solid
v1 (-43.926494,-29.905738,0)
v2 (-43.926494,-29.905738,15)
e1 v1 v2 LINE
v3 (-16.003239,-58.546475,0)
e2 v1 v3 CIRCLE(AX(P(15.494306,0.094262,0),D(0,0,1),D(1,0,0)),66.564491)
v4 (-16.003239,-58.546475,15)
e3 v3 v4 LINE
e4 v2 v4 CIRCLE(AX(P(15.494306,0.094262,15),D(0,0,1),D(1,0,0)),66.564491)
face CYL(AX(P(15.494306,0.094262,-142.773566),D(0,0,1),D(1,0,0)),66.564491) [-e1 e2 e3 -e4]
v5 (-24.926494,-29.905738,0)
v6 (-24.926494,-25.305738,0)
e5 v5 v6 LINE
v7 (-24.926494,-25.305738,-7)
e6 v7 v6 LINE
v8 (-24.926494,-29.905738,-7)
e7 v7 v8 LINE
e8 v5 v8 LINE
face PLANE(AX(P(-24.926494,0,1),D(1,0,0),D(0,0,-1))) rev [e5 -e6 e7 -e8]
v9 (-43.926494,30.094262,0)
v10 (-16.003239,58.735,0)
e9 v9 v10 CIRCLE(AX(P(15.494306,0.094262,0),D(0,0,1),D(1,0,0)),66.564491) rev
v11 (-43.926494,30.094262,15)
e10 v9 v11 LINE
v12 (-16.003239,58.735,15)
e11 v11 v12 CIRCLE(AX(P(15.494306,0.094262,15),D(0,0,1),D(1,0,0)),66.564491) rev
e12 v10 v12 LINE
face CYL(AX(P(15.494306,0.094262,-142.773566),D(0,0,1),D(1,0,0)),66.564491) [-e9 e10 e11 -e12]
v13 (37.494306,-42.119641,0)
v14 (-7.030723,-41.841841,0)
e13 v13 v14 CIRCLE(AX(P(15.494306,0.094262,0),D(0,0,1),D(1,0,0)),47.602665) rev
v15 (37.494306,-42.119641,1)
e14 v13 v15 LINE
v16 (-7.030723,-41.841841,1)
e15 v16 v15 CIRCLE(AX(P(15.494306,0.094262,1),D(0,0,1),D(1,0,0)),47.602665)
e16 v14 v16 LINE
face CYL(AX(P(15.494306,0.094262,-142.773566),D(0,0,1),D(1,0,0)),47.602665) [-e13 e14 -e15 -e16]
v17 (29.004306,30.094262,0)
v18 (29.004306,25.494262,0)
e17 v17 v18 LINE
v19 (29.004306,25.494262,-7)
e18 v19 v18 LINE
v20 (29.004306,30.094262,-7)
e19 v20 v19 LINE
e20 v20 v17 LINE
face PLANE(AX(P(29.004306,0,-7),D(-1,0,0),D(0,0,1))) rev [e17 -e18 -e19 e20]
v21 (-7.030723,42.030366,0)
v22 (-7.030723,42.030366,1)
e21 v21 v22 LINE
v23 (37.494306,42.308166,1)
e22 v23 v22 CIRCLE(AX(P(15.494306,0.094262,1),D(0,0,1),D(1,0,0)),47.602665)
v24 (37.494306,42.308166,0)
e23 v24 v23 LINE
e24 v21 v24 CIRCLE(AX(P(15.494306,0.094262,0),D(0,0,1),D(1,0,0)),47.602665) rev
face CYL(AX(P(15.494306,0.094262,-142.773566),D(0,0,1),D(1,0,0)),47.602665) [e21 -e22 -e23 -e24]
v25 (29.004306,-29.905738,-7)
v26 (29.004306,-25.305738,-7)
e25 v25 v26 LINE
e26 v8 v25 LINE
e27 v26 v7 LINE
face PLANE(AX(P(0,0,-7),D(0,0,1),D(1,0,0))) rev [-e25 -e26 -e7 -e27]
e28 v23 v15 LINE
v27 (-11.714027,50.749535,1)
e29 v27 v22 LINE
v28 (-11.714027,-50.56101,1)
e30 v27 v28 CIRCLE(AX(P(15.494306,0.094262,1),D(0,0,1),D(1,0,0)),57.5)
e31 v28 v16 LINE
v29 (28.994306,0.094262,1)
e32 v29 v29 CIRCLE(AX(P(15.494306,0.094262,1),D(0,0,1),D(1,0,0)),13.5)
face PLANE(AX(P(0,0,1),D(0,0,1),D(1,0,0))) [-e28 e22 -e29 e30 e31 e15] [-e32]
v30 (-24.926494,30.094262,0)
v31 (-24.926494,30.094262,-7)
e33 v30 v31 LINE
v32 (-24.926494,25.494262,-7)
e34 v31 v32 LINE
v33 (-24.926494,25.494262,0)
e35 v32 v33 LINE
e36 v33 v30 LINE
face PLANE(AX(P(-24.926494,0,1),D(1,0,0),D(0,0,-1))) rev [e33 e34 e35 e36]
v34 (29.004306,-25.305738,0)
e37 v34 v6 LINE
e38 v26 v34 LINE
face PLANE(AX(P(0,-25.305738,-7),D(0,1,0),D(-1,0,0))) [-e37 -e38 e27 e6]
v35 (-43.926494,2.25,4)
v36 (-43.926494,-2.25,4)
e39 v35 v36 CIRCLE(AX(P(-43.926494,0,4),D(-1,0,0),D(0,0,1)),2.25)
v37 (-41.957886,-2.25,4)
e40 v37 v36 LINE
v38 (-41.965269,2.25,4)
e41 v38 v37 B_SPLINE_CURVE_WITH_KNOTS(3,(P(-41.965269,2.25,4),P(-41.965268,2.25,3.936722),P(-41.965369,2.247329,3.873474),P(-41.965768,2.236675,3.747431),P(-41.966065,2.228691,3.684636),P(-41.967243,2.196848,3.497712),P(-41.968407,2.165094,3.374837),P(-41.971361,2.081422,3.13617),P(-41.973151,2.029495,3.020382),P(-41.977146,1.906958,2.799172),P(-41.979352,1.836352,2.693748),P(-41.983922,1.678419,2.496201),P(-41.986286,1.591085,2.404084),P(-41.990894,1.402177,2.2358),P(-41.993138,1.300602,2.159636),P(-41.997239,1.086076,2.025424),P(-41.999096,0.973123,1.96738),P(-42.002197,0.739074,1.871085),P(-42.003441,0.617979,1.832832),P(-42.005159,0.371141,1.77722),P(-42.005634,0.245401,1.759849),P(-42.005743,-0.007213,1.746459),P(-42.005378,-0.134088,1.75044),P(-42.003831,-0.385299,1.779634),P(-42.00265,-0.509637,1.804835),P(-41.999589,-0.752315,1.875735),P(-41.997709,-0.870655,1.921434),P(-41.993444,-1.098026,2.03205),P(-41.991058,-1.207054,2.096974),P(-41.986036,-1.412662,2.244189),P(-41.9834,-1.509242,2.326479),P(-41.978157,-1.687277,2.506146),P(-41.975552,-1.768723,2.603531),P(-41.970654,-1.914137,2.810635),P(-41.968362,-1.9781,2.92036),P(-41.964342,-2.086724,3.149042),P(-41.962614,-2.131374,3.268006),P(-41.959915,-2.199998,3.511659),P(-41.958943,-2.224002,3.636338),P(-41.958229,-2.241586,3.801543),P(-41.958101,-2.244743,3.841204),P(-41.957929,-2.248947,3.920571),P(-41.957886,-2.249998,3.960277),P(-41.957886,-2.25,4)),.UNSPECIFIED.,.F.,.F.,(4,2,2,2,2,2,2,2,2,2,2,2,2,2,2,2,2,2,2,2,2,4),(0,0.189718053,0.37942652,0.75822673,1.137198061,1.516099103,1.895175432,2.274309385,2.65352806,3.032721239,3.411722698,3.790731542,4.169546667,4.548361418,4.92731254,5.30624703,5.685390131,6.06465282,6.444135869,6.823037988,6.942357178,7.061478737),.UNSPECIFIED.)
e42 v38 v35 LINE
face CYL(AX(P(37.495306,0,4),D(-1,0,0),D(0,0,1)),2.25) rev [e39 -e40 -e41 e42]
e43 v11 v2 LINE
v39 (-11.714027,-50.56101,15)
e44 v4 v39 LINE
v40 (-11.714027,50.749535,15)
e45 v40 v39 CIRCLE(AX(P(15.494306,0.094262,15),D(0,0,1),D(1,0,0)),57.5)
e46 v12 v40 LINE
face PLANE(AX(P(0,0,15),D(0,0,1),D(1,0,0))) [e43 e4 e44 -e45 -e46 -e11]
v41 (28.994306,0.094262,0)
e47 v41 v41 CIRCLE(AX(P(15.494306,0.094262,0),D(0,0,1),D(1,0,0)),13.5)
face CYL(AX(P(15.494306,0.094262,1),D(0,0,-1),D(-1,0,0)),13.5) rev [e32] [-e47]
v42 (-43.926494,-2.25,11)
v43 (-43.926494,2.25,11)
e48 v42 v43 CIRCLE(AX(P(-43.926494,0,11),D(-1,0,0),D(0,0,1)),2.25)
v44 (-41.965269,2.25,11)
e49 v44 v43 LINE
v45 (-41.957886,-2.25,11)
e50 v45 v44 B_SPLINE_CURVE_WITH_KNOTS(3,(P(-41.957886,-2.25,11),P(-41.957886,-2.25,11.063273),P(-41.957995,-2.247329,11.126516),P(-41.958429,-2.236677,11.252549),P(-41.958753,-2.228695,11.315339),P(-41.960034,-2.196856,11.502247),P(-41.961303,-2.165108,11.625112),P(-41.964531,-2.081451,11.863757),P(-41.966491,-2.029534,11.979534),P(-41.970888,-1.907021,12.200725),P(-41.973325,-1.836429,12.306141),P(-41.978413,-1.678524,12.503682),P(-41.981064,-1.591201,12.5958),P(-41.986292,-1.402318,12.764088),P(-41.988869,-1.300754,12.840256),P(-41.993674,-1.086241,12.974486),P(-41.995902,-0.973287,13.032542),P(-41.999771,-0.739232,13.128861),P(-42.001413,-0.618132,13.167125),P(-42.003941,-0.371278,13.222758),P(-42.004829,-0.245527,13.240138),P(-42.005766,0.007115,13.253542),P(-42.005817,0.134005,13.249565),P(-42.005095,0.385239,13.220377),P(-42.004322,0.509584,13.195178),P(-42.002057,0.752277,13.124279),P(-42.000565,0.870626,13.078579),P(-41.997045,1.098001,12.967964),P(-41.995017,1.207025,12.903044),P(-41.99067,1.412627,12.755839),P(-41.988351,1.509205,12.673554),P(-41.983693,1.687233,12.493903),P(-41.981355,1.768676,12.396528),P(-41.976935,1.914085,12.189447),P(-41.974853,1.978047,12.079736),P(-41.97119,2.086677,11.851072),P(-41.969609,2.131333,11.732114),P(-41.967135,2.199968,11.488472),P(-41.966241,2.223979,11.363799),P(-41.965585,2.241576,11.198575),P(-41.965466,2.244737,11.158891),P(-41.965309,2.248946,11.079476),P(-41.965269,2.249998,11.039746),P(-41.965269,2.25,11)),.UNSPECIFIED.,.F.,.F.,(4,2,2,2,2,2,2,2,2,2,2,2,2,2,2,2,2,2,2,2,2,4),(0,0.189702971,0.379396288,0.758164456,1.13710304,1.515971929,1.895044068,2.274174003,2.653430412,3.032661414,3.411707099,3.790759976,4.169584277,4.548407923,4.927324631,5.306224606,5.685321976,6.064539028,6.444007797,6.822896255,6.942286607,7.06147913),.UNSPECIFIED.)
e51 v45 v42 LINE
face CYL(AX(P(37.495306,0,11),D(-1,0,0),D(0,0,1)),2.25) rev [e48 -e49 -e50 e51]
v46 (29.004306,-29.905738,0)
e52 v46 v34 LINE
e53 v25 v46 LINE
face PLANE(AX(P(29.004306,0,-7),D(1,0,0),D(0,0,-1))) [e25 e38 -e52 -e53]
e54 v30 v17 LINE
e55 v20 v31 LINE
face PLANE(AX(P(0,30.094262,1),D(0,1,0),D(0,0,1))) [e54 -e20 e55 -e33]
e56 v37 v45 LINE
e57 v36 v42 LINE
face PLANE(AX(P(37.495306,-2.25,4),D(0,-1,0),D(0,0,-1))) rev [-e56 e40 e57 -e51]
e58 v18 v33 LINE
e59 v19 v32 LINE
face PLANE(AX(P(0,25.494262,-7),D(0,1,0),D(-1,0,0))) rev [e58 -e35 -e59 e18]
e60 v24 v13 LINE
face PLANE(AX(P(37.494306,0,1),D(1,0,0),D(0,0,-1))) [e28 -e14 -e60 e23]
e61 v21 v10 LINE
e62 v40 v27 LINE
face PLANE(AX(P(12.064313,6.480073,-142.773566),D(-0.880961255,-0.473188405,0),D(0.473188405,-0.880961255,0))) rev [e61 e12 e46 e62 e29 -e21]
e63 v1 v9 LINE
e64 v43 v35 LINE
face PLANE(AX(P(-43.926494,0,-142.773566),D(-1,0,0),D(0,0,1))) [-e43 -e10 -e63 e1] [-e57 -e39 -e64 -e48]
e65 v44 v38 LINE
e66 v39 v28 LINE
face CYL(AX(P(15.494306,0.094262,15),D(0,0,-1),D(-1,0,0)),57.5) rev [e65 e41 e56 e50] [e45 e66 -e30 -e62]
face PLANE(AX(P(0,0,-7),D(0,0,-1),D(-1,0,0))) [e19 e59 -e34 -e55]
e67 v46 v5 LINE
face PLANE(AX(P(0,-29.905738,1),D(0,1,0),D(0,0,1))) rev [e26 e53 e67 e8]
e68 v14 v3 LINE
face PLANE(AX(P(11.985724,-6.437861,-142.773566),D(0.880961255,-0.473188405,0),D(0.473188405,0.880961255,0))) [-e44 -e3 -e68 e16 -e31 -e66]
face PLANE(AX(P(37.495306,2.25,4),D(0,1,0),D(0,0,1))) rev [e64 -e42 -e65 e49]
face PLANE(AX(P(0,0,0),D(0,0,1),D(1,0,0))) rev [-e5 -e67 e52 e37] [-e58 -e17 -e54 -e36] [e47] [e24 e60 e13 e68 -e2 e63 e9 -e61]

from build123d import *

# Parameters (mm, degrees)
SKETCH1_W               = 62.4208
SKETCH1_H               = 60
SKETCH1_R               = 13.5
BOSS_EXTRUDE1_DEPTH     = 1
BOSS_EXTRUDE2_START     = -1
SKETCH2_W               = 53.9308
SKETCH2_H               = 4.6
BOSS_EXTRUDE2_DEPTH     = 7
BOSS_EXTRUDE3_DEPTH     = 14
BOSS_EXTRUDE4_DEPTH     = 1
CUT_EXTRUDE1_REACH      = 103.509
CUT_EXTRUDE1_END_RADIUS = 57.5


with BuildPart() as part:
    # Sketch1 → Boss-Extrude1 (new body)
    with BuildSketch(Plane.XY):
        with Locations((6.283906244, 0.094262462)):
            Rectangle(SKETCH1_W, SKETCH1_H)
        with Locations((15.494306244, 0.094262462)):
            Circle(SKETCH1_R, mode=Mode.SUBTRACT)
    extrude(amount=BOSS_EXTRUDE1_DEPTH)

    # Sketch2 → Boss-Extrude2 (add)
    with BuildSketch(Plane.XY.offset(1).offset(BOSS_EXTRUDE2_START)):
        with Locations((2.038906244, -27.605737538)):
            Rectangle(SKETCH2_W, SKETCH2_H)
        with Locations((2.038906244, 27.794262462)):
            Rectangle(SKETCH2_W, SKETCH2_H)
    extrude(amount=-BOSS_EXTRUDE2_DEPTH)



with BuildPart() as body_2:
    # Sketch3 → Boss-Extrude3 (new body)
    with BuildSketch(Plane.XY.offset(1)):
        with BuildLine():
            ThreePointArc((-33.559235932, 30.094262462), (-24.010484349, 41.87489817), (-11.714027053, 50.749534638))
            Line((-11.714027053, 50.749534638), (-16.003239131, 58.735000077))
            ThreePointArc((-16.003239131, 58.735000077), (-32.167096843, 46.561693298), (-43.926493756, 30.094262462))
            Line((-43.926493756, 30.094262462), (-33.559235932, 30.094262462))
        make_face()
        with BuildLine():
            Line((-43.926493756, -29.905737538), (-33.559235932, -29.905737538))
            ThreePointArc((-33.559235932, -29.905737538), (-42.005693756, 0.094262462), (-33.559235932, 30.094262462))
            Line((-33.559235932, 30.094262462), (-43.926493756, 30.094262462))
            Line((-43.926493756, 30.094262462), (-43.926493756, -29.905737538))
        make_face()
        with BuildLine():
            Line((-16.003239131, -58.546475153), (-11.714027053, -50.561009713))
            ThreePointArc((-11.714027053, -50.561009713), (-24.010484349, -41.686373246), (-33.559235932, -29.905737538))
            Line((-33.559235932, -29.905737538), (-43.926493756, -29.905737538))
            ThreePointArc((-43.926493756, -29.905737538), (-32.167096843, -46.373168373), (-16.003239131, -58.546475153))
        make_face()
    extrude(amount=BOSS_EXTRUDE3_DEPTH)


with BuildPart() as part_1:
    add(part.part)

    add(body_2.part)  # Boss-Extrude4 merges body 2
    # Sketch4 → Boss-Extrude4 (add)
    with BuildSketch(Plane.XY.offset(1)):
        with BuildLine():
            Line((37.494306244, -42.119641485), (37.494306244, -29.905737538))
            Line((37.494306244, -29.905737538), (-24.926493756, -29.905737538))
            Line((-24.926493756, -29.905737538), (-24.926493756, 30.094262462))
            Line((-24.926493756, 30.094262462), (37.494306244, 30.094262462))
            Line((37.494306244, 30.094262462), (37.494306244, 42.30816641))
            ThreePointArc((37.494306244, 42.30816641), (15.197309329, 47.696000659), (-7.030722747, 42.030365708))
            Line((-7.030722747, 42.030365708), (-16.003239131, 58.735000077))
            ThreePointArc((-16.003239131, 58.735000077), (-32.167096843, 46.561693298), (-43.926493756, 30.094262462))
            Line((-43.926493756, 30.094262462), (-43.926493756, -29.905737538))
            ThreePointArc((-43.926493756, -29.905737538), (-32.167096843, -46.373168373), (-16.003239131, -58.546475153))
            Line((-16.003239131, -58.546475153), (-7.030722747, -41.841840784))
            ThreePointArc((-7.030722747, -41.841840784), (15.197309329, -47.507475734), (37.494306244, -42.119641485))
        make_face()
    extrude(amount=-BOSS_EXTRUDE4_DEPTH)

    # Cut-Extrude1: up to this cylinder (the profile starts outside it)
    cut_extrude1_end = Plane(origin=(15.494306244, 0.094262462, 7.5), z_dir=(0, 0, -1)) * Cylinder(CUT_EXTRUDE1_END_RADIUS, 323.018, mode=Mode.PRIVATE)
    # Sketch5 → Cut-Extrude1 (cut, up to the surface)
    with BuildSketch(Plane.ZY.offset(43.926493756), mode=Mode.PRIVATE) as cut_extrude1_sk1:
        with BuildLine():
            Line((4, 2.25), (11, 2.25))
            ThreePointArc((11, 2.25), (13.25, 0), (11, -2.25))
            Line((11, -2.25), (4, -2.25))
            ThreePointArc((4, -2.25), (1.75, 0), (4, 2.25))
        make_face()
    cut_extrude1_tool1 = extrude(cut_extrude1_sk1.sketch, amount=-CUT_EXTRUDE1_REACH, mode=Mode.PRIVATE) - cut_extrude1_end
    add(cut_extrude1_tool1.solids().sort_by_distance((-43.926494, 0, 7.5))[0], mode=Mode.SUBTRACT)


solid = part_1.part
